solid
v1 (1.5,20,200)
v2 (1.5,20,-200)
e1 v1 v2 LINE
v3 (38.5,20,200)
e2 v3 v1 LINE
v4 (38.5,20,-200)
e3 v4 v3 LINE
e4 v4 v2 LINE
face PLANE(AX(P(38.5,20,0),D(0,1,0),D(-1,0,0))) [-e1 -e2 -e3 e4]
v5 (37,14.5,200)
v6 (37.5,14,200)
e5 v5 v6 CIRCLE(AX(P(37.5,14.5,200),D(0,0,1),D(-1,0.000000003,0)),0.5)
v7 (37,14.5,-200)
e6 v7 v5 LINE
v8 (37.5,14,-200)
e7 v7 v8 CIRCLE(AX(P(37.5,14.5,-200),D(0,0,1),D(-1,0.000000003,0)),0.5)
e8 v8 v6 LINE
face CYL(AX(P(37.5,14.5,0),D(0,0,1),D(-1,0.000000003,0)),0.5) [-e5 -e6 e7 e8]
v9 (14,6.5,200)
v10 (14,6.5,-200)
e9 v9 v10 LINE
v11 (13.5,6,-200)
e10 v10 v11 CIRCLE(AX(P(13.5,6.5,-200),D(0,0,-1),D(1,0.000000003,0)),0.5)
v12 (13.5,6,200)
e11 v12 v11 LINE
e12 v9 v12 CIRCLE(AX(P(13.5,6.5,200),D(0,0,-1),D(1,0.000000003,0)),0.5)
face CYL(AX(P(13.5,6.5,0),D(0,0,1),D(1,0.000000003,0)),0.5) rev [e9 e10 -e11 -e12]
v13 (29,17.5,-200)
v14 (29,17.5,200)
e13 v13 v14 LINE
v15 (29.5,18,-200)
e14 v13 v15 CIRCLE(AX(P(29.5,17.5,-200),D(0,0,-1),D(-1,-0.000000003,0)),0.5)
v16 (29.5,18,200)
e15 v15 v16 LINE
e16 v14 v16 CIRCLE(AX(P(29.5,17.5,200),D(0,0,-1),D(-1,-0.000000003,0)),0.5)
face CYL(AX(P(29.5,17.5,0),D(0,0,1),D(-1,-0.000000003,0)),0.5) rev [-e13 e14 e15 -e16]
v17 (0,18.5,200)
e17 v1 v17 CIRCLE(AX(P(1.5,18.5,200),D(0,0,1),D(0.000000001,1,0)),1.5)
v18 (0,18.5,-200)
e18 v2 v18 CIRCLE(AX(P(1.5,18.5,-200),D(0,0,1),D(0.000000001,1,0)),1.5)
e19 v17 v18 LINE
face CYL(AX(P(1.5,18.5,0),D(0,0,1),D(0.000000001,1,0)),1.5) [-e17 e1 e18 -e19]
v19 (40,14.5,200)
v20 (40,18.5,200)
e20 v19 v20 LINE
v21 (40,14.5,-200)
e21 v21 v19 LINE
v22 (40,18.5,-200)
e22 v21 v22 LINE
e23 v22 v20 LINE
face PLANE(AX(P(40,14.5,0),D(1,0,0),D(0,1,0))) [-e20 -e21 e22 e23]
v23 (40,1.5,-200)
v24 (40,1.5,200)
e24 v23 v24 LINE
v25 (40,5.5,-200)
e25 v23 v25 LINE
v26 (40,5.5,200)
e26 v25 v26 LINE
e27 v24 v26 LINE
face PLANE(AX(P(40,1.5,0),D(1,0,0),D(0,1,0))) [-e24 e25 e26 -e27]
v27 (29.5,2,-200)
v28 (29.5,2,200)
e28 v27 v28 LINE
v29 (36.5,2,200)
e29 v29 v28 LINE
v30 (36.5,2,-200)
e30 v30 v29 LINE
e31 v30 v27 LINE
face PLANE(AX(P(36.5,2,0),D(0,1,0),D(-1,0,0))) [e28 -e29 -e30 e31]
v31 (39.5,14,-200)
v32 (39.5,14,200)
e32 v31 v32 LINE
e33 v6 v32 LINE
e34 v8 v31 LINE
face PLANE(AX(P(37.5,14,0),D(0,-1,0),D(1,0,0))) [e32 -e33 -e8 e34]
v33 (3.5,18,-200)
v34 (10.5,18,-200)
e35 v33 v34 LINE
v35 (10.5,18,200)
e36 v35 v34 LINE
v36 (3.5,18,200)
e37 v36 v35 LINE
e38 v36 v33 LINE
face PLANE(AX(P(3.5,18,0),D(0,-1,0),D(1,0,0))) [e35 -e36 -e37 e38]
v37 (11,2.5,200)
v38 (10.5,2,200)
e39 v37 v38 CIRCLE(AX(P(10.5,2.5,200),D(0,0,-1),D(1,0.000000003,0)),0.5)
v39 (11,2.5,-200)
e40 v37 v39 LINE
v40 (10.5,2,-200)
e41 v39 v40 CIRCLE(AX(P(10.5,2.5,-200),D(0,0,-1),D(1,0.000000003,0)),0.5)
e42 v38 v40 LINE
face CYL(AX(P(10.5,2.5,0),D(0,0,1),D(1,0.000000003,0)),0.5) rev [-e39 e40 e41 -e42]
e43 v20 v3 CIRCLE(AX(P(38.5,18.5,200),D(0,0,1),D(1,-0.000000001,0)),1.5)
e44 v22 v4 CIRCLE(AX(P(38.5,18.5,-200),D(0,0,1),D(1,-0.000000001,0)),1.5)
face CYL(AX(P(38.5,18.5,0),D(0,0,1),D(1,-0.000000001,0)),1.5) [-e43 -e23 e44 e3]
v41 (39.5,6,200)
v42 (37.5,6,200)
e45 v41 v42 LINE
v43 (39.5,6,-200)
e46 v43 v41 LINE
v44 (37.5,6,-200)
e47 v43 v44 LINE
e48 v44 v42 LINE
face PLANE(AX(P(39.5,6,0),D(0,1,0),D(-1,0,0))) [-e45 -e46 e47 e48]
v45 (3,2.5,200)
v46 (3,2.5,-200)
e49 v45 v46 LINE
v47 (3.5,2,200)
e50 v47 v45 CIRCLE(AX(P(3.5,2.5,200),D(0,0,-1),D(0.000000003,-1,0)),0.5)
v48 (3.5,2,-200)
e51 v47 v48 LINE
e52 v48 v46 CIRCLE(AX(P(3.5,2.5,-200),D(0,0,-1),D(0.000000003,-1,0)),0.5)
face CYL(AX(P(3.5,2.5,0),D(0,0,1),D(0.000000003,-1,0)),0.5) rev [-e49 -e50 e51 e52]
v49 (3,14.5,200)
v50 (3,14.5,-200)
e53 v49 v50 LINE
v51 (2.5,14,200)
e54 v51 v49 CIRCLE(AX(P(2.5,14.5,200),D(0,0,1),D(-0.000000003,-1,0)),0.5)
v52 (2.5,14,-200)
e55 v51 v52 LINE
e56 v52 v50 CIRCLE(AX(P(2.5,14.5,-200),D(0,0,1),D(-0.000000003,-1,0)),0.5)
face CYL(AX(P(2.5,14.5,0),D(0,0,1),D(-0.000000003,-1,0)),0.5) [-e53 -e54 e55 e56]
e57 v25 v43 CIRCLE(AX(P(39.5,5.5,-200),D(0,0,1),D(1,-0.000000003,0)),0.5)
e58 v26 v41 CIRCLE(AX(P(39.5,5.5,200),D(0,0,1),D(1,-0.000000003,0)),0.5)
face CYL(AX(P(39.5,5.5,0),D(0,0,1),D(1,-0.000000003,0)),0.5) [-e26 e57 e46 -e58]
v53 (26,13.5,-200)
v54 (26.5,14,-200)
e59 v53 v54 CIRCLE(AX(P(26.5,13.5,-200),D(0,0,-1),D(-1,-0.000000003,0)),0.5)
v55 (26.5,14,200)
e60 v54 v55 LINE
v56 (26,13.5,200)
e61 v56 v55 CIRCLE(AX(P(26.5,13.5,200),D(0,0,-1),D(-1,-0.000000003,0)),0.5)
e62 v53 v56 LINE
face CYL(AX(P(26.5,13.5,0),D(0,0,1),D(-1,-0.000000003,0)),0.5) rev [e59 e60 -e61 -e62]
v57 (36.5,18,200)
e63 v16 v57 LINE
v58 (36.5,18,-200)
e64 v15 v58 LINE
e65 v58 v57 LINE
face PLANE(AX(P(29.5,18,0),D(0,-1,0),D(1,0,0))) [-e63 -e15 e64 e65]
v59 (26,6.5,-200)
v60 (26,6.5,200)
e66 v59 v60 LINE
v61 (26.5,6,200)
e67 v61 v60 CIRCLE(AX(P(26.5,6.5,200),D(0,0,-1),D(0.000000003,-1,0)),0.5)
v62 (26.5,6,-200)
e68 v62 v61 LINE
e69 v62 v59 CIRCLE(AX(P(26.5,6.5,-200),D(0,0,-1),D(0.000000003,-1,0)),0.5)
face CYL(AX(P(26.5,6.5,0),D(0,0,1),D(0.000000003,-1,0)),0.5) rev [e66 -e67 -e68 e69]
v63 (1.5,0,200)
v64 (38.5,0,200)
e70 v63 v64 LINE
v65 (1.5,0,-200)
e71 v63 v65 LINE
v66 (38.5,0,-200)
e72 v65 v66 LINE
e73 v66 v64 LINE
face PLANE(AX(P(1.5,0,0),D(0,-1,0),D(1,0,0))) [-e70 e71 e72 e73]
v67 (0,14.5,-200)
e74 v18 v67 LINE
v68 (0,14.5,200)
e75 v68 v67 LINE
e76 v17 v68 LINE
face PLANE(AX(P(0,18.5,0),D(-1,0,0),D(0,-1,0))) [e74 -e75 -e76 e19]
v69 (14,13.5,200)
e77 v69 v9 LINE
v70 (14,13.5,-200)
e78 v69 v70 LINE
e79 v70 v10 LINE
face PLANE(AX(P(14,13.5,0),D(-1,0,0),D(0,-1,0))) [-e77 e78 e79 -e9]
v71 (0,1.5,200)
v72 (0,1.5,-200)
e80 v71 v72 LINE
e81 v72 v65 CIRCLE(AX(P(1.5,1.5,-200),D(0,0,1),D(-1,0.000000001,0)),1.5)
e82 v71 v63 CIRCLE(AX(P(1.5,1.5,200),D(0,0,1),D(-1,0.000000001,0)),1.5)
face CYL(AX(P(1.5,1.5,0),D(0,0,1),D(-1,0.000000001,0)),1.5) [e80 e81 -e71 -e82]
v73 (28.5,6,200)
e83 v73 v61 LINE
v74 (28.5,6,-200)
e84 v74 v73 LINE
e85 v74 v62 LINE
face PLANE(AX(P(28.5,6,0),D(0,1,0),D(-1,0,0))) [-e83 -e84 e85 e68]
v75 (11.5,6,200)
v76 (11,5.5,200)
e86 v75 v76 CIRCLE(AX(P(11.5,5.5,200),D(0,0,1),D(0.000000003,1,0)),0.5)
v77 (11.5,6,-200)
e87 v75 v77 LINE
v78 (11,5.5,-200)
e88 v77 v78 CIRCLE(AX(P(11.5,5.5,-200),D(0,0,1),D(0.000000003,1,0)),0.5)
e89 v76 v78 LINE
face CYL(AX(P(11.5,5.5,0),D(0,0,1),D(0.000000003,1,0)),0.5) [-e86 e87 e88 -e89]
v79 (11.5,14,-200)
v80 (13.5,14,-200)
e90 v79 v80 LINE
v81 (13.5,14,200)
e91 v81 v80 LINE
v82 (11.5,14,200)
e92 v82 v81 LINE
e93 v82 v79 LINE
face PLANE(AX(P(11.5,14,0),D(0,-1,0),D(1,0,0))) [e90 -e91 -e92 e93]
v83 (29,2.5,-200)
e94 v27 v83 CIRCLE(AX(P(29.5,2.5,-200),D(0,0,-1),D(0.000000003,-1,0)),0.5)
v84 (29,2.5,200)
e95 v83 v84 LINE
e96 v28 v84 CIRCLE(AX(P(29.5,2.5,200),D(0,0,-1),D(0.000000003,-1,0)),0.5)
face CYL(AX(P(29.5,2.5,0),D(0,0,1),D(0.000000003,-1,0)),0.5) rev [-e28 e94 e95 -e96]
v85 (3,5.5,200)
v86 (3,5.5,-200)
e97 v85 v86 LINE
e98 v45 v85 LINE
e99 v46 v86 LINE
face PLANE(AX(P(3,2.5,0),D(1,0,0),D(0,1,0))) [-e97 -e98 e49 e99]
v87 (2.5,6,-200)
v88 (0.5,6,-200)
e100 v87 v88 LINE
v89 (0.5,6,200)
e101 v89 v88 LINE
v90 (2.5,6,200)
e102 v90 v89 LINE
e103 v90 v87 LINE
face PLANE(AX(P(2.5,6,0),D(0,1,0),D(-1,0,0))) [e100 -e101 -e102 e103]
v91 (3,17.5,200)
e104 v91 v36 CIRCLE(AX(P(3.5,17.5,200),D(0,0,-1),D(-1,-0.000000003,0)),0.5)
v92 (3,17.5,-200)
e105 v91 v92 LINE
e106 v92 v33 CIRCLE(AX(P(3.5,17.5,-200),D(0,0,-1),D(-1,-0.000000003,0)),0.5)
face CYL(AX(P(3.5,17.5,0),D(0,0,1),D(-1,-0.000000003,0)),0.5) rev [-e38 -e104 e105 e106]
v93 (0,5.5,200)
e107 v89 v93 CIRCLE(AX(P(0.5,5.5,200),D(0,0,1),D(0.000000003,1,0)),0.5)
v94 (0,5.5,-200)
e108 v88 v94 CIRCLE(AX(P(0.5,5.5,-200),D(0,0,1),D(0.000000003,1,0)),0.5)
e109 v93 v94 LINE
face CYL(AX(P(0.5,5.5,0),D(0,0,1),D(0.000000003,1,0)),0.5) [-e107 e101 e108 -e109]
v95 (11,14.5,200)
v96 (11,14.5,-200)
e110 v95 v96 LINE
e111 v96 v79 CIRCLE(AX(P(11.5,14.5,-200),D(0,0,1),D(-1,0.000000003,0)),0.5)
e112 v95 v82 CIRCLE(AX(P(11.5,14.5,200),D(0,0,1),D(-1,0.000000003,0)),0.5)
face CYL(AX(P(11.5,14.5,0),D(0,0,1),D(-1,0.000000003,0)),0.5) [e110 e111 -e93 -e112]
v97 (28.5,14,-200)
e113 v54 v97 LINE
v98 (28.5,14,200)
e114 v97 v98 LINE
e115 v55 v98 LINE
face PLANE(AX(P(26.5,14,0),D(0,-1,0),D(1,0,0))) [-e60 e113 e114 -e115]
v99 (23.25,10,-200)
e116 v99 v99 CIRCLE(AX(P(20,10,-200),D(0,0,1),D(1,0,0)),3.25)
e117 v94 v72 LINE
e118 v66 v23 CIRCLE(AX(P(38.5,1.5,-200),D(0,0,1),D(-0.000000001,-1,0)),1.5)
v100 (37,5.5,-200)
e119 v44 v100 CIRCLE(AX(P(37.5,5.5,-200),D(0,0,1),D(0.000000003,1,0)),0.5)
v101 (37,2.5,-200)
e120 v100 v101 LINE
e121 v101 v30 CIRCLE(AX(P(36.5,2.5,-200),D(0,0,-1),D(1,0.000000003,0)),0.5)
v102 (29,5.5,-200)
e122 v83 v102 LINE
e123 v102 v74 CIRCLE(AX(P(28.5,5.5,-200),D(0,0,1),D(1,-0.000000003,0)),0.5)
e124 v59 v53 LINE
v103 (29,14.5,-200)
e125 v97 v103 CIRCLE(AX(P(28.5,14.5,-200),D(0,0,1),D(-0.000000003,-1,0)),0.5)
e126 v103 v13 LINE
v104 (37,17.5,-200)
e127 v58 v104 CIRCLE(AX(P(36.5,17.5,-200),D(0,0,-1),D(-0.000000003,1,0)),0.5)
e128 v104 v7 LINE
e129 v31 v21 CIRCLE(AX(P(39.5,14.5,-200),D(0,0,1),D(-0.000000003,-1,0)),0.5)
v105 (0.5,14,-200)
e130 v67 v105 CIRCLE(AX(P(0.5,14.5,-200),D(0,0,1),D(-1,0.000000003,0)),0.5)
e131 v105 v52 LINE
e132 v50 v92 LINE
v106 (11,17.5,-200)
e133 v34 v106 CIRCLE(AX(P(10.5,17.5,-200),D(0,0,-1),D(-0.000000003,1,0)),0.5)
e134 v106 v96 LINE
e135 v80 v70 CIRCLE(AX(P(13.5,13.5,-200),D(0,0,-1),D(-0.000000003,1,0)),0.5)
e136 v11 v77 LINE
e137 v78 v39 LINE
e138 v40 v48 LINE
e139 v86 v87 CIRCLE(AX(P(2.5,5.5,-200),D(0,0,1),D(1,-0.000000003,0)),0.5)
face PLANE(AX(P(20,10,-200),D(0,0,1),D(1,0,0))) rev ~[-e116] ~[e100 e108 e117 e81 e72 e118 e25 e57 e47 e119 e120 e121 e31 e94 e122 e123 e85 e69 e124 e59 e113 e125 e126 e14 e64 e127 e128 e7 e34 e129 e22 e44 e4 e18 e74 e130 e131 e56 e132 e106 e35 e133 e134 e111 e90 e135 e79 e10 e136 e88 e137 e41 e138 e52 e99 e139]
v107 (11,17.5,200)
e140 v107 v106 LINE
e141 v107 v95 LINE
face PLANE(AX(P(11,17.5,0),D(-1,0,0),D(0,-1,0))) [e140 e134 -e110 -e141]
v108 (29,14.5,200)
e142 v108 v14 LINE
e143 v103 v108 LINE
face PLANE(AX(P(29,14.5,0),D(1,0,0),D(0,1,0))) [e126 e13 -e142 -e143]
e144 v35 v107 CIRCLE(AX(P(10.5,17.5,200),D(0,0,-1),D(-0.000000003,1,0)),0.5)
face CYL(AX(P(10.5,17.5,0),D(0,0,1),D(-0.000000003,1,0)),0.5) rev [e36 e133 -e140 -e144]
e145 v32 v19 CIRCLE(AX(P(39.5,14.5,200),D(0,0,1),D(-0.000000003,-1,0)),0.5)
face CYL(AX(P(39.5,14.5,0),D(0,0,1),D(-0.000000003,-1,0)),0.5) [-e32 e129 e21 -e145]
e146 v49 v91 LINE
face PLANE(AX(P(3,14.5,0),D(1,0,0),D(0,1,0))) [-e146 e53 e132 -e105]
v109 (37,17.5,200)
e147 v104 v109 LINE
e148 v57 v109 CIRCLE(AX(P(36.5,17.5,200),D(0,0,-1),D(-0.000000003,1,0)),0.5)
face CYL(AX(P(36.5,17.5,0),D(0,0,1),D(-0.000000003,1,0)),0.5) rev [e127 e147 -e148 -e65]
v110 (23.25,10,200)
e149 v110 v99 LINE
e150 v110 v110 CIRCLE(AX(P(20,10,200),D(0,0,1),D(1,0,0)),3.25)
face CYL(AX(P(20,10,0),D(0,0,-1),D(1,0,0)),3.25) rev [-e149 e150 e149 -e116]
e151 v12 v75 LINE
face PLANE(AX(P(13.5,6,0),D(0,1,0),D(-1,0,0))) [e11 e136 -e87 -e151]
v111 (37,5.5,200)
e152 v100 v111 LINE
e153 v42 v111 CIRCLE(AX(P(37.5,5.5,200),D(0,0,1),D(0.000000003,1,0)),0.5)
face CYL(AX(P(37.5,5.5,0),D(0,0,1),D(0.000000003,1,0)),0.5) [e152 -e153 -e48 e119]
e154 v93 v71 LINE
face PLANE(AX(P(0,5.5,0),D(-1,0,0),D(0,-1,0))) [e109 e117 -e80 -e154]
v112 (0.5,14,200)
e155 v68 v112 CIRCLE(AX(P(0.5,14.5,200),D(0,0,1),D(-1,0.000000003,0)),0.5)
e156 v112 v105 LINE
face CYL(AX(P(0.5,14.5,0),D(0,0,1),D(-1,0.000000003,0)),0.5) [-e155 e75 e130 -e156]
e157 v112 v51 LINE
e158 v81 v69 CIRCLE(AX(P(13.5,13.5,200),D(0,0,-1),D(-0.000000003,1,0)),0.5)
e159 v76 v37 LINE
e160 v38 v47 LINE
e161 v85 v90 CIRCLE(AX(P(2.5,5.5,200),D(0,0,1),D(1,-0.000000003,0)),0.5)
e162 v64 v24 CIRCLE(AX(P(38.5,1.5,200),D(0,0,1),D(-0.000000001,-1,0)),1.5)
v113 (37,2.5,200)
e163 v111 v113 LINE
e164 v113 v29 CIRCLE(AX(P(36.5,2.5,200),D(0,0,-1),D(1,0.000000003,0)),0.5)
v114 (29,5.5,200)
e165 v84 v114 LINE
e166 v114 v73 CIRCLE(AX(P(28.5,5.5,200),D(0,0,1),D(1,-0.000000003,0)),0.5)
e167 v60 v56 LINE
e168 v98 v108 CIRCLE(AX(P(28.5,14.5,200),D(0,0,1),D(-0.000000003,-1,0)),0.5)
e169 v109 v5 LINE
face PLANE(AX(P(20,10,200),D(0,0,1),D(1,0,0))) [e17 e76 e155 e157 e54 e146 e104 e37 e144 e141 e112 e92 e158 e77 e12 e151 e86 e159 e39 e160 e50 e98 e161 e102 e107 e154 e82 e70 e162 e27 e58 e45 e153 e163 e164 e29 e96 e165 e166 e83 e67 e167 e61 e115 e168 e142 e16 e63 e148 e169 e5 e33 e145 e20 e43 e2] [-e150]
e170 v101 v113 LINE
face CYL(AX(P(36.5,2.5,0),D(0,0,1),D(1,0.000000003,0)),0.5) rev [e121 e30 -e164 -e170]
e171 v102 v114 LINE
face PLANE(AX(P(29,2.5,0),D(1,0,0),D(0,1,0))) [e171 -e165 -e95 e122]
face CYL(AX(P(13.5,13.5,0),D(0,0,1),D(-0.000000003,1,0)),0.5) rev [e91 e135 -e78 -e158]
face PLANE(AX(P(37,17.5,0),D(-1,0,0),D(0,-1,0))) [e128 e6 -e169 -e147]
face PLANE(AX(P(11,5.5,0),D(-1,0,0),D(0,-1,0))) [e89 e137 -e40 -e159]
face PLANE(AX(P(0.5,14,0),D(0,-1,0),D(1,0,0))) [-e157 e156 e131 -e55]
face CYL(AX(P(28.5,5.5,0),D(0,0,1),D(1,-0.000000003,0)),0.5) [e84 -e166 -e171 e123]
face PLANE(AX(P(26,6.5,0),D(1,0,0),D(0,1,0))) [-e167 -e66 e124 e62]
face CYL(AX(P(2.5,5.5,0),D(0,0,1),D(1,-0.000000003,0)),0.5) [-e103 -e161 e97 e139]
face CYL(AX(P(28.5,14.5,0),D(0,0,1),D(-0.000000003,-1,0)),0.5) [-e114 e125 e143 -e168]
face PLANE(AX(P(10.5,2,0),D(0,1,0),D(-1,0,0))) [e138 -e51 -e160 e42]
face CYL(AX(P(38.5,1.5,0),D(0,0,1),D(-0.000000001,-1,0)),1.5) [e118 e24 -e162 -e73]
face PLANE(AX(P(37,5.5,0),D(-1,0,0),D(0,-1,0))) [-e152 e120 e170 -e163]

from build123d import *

# Parameters (mm, degrees)
SKETCH1_R           = 3.25
BOSS_EXTRUDE1_DEPTH = 200


with BuildPart() as part:
    # Sketch1 → Boss-Extrude1 (new, symmetric)
    with BuildSketch(Plane.XY):
        with BuildLine():
            Line((1.5, 0), (38.5, 0))
            ThreePointArc((38.5, 0), (39.560660172, 0.439339828), (40, 1.5))
            Line((40, 1.5), (40, 5.5))
            ThreePointArc((40, 5.5), (39.853553391, 5.853553391), (39.5, 6))
            Line((39.5, 6), (37.5, 6))
            ThreePointArc((37.5, 6), (37.146446609, 5.853553391), (37, 5.5))
            Line((37, 5.5), (37, 2.5))
            ThreePointArc((37, 2.5), (36.853553391, 2.146446609), (36.5, 2))
            Line((36.5, 2), (29.5, 2))
            ThreePointArc((29.5, 2), (29.146446609, 2.146446609), (29, 2.5))
            Line((29, 2.5), (29, 5.5))
            ThreePointArc((29, 5.5), (28.853553391, 5.853553391), (28.5, 6))
            Line((28.5, 6), (26.5, 6))
            ThreePointArc((26.5, 6), (26.146446609, 6.146446609), (26, 6.5))
            Line((26, 6.5), (26, 13.5))
            ThreePointArc((26, 13.5), (26.146446609, 13.853553391), (26.5, 14))
            Line((26.5, 14), (28.5, 14))
            ThreePointArc((28.5, 14), (28.853553391, 14.146446609), (29, 14.5))
            Line((29, 14.5), (29, 17.5))
            ThreePointArc((29, 17.5), (29.146446609, 17.853553391), (29.5, 18))
            Line((29.5, 18), (36.5, 18))
            ThreePointArc((36.5, 18), (36.853553391, 17.853553391), (37, 17.5))
            Line((37, 17.5), (37, 14.5))
            ThreePointArc((37, 14.5), (37.146446609, 14.146446609), (37.5, 14))
            Line((37.5, 14), (39.5, 14))
            ThreePointArc((39.5, 14), (39.853553391, 14.146446609), (40, 14.5))
            Line((40, 14.5), (40, 18.5))
            ThreePointArc((40, 18.5), (39.560660172, 19.560660172), (38.5, 20))
            Line((38.5, 20), (1.5, 20))
            ThreePointArc((1.5, 20), (0.439339828, 19.560660172), (0, 18.5))
            Line((0, 18.5), (0, 14.5))
            ThreePointArc((0, 14.5), (0.146446609, 14.146446609), (0.5, 14))
            Line((0.5, 14), (2.5, 14))
            ThreePointArc((2.5, 14), (2.853553391, 14.146446609), (3, 14.5))
            Line((3, 14.5), (3, 17.5))
            ThreePointArc((3, 17.5), (3.146446609, 17.853553391), (3.5, 18))
            Line((3.5, 18), (10.5, 18))
            ThreePointArc((10.5, 18), (10.853553391, 17.853553391), (11, 17.5))
            Line((11, 17.5), (11, 14.5))
            ThreePointArc((11, 14.5), (11.146446609, 14.146446609), (11.5, 14))
            Line((11.5, 14), (13.5, 14))
            ThreePointArc((13.5, 14), (13.853553391, 13.853553391), (14, 13.5))
            Line((14, 13.5), (14, 6.5))
            ThreePointArc((14, 6.5), (13.853553391, 6.146446609), (13.5, 6))
            Line((13.5, 6), (11.5, 6))
            ThreePointArc((11.5, 6), (11.146446609, 5.853553391), (11, 5.5))
            Line((11, 5.5), (11, 2.5))
            ThreePointArc((11, 2.5), (10.853553391, 2.146446609), (10.5, 2))
            Line((10.5, 2), (3.5, 2))
            ThreePointArc((3.5, 2), (3.146446609, 2.146446609), (3, 2.5))
            Line((3, 2.5), (3, 5.5))
            ThreePointArc((3, 5.5), (2.853553391, 5.853553391), (2.5, 6))
            Line((2.5, 6), (0.5, 6))
            ThreePointArc((0.5, 6), (0.146446609, 5.853553391), (0, 5.5))
            Line((0, 5.5), (0, 1.5))
            ThreePointArc((0, 1.5), (0.439339828, 0.439339828), (1.5, 0))
        make_face()
        with Locations((20, 10)):
            Circle(SKETCH1_R, mode=Mode.SUBTRACT)
    extrude(amount=BOSS_EXTRUDE1_DEPTH, both=True)


solid = part.part
